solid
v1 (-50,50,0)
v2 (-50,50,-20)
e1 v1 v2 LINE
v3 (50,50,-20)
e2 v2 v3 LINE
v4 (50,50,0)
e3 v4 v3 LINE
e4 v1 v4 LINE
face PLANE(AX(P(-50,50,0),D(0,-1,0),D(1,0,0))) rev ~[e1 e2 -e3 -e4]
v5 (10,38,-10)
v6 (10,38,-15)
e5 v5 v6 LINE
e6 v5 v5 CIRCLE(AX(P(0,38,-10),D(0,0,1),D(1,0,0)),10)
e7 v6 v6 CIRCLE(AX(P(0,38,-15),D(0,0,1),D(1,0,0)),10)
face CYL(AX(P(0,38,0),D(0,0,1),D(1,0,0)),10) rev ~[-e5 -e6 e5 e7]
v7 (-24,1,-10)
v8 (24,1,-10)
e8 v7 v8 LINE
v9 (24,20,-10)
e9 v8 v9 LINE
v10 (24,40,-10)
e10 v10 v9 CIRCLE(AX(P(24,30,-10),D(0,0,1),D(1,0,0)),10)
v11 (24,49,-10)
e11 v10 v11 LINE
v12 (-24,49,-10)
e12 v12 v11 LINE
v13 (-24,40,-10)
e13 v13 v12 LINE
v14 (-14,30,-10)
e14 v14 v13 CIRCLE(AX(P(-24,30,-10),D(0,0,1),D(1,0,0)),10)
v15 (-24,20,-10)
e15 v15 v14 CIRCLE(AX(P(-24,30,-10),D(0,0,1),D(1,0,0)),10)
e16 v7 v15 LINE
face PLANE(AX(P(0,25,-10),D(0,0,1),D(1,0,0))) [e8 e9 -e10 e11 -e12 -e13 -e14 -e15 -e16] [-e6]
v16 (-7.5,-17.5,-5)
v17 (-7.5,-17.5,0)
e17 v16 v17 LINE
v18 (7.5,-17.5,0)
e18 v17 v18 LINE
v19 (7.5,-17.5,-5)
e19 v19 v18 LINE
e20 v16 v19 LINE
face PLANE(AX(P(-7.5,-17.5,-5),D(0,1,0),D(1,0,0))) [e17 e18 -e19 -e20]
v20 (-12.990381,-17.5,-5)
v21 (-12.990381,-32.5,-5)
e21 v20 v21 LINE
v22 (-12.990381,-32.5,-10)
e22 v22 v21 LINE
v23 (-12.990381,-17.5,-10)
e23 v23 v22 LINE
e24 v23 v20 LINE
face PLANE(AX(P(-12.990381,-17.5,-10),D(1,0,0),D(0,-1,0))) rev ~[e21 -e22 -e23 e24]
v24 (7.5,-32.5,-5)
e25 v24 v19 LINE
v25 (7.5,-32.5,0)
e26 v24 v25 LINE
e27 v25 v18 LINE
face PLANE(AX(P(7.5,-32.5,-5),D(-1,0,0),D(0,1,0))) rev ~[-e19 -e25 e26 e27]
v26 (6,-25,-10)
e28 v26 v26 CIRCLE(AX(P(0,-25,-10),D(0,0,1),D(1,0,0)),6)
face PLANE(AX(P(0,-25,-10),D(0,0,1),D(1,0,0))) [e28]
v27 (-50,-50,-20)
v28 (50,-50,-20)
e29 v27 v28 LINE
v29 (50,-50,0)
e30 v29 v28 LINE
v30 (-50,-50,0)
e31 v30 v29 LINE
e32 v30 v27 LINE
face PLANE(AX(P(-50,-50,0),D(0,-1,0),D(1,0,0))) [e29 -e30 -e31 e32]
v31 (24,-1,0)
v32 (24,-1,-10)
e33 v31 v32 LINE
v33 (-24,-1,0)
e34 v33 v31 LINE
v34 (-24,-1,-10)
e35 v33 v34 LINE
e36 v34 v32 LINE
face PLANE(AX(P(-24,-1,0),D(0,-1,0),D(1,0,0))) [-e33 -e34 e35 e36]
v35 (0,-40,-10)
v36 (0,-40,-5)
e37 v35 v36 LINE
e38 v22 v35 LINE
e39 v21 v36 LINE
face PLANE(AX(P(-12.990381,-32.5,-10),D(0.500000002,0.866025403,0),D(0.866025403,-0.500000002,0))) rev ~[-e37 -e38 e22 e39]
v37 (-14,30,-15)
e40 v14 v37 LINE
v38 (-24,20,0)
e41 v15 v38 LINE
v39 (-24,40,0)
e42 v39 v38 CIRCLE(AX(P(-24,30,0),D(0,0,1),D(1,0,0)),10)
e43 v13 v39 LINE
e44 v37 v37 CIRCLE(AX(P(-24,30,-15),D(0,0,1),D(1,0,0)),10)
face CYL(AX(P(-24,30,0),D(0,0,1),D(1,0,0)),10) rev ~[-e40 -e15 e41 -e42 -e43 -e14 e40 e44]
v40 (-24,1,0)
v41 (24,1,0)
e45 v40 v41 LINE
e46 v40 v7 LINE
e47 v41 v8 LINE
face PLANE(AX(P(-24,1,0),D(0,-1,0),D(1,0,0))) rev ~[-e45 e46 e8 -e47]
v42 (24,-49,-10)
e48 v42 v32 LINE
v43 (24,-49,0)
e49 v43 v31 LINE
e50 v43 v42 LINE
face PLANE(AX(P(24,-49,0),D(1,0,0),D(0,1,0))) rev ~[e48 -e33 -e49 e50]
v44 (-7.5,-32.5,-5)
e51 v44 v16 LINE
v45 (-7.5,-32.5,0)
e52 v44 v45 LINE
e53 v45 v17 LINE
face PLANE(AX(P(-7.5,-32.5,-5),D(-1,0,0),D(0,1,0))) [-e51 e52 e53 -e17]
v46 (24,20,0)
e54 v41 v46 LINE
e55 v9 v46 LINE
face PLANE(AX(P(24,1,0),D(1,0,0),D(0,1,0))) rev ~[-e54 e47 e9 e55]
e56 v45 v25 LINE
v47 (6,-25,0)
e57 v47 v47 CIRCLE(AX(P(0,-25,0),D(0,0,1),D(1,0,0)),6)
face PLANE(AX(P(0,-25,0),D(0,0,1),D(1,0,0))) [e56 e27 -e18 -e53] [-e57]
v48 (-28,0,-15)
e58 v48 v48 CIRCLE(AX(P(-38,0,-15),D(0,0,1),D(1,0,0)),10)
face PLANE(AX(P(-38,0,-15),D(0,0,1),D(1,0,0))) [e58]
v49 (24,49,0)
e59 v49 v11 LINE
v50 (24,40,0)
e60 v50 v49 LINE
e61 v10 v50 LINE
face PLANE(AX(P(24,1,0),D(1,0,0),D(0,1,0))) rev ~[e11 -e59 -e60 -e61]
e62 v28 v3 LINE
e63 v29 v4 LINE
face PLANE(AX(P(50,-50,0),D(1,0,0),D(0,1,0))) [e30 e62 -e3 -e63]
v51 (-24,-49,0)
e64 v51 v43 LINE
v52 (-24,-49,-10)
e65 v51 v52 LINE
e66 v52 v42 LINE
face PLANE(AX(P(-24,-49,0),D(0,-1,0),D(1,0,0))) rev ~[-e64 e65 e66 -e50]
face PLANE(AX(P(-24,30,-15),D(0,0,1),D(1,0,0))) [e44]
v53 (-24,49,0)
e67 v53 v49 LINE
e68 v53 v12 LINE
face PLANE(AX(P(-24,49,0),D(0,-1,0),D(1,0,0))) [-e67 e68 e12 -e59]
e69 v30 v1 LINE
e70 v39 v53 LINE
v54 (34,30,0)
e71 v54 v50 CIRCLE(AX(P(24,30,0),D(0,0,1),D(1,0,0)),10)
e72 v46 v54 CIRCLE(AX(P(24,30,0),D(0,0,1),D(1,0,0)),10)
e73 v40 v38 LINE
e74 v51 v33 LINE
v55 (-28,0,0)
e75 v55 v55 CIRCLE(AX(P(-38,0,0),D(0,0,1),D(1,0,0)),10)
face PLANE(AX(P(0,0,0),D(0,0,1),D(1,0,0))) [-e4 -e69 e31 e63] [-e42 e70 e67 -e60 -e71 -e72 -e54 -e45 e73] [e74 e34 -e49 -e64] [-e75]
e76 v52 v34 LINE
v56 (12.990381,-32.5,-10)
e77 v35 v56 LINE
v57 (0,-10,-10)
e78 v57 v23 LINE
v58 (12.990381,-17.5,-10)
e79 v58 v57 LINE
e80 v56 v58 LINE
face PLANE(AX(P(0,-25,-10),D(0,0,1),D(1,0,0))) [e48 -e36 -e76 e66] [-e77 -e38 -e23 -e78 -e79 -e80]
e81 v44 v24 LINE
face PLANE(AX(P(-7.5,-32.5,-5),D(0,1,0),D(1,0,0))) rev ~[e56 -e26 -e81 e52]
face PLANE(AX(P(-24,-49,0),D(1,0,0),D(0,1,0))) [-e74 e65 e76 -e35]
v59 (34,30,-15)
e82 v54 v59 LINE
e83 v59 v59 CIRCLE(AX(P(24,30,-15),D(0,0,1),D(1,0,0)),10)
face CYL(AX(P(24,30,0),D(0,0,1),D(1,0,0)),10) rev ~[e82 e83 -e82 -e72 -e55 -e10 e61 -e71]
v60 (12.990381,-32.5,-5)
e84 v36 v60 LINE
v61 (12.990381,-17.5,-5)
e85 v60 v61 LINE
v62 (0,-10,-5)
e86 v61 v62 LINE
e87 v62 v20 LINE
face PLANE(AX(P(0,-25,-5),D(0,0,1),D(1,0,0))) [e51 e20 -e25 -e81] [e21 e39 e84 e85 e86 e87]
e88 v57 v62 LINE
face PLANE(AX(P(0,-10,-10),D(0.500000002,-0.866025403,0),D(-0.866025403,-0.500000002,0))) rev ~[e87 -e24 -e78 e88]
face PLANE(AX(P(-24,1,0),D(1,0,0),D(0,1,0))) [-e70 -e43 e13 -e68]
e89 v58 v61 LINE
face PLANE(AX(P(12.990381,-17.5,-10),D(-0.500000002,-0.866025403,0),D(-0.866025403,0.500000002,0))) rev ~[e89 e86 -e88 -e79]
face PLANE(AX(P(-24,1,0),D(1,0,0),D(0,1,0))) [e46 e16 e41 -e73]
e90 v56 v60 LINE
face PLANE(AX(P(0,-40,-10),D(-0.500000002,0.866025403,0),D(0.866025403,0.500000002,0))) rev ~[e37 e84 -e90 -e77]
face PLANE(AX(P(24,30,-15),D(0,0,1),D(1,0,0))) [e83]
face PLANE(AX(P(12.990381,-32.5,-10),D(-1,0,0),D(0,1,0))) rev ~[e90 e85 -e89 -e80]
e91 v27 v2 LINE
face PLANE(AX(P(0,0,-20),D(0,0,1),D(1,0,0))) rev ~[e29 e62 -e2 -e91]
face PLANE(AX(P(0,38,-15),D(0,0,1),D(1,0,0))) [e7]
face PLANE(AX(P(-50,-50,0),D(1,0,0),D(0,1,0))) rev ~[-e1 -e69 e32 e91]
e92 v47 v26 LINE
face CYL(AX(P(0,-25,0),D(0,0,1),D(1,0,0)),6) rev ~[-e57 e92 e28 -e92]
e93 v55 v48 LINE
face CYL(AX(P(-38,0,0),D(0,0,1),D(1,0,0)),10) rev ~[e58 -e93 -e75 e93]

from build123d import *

# Parameters (mm, degrees)
SKETCH_W        = 100
SKETCH_H        = 100
PAD_DEPTH       = 20
SKETCH001_W     = 48
SKETCH001_H     = 48
POCKET_DEPTH    = 10
SKETCH002_R     = 10
POCKET001_DEPTH = 15
PAD001_DEPTH    = 5
SKETCH004_W     = 15
SKETCH004_H     = 15
PAD002_DEPTH    = 5
SKETCH005_R     = 6
POCKET002_DEPTH = 10


with BuildPart() as part:
    # Sketch → Pad (new body)
    with BuildSketch(Plane.XY):
        Rectangle(SKETCH_W, SKETCH_H)
    extrude(amount=-PAD_DEPTH)

    # Sketch001 (on Face5 of Pad) → Pocket (cut)
    with BuildSketch(Plane.XY):
        with Locations((0, 25)):
            Rectangle(SKETCH001_W, SKETCH001_H)
        with Locations((0, -25)):
            Rectangle(SKETCH001_W, SKETCH001_H)
    extrude(amount=-POCKET_DEPTH, mode=Mode.SUBTRACT)

    # Sketch002 (on Face4 of Pocket) → Pocket001 (cut)
    with BuildSketch(Plane.XY):
        with Locations((-24, 30)):
            Circle(SKETCH002_R)
        with Locations((-38, 0)):
            Circle(SKETCH002_R)
        with Locations((0, 38)):
            Circle(SKETCH002_R)
        with Locations((24, 30)):
            Circle(SKETCH002_R)
    extrude(amount=-POCKET001_DEPTH, mode=Mode.SUBTRACT)

    # Sketch003 → Pad001 (join)
    with BuildSketch(Plane.XY.offset(-10)):
        Polygon((12.990381, -32.5), (12.990381, -17.5), (0, -10), (-12.990381, -17.5), (-12.990381, -32.5), (0, -40), align=None)
    extrude(amount=PAD001_DEPTH)

    # Sketch004 (on Face33 of Pad001) → Pad002 (join)
    with BuildSketch(Plane.XY.offset(-5)):
        with Locations((0, -25)):
            Rectangle(SKETCH004_W, SKETCH004_H)
    extrude(amount=PAD002_DEPTH)

    # Sketch005 (on Face38 of Pad002) → Pocket002 (cut)
    with BuildSketch(Plane.XY):
        with Locations((0, -25)):
            Circle(SKETCH005_R)
    extrude(amount=-POCKET002_DEPTH, mode=Mode.SUBTRACT)


solid = part.part
